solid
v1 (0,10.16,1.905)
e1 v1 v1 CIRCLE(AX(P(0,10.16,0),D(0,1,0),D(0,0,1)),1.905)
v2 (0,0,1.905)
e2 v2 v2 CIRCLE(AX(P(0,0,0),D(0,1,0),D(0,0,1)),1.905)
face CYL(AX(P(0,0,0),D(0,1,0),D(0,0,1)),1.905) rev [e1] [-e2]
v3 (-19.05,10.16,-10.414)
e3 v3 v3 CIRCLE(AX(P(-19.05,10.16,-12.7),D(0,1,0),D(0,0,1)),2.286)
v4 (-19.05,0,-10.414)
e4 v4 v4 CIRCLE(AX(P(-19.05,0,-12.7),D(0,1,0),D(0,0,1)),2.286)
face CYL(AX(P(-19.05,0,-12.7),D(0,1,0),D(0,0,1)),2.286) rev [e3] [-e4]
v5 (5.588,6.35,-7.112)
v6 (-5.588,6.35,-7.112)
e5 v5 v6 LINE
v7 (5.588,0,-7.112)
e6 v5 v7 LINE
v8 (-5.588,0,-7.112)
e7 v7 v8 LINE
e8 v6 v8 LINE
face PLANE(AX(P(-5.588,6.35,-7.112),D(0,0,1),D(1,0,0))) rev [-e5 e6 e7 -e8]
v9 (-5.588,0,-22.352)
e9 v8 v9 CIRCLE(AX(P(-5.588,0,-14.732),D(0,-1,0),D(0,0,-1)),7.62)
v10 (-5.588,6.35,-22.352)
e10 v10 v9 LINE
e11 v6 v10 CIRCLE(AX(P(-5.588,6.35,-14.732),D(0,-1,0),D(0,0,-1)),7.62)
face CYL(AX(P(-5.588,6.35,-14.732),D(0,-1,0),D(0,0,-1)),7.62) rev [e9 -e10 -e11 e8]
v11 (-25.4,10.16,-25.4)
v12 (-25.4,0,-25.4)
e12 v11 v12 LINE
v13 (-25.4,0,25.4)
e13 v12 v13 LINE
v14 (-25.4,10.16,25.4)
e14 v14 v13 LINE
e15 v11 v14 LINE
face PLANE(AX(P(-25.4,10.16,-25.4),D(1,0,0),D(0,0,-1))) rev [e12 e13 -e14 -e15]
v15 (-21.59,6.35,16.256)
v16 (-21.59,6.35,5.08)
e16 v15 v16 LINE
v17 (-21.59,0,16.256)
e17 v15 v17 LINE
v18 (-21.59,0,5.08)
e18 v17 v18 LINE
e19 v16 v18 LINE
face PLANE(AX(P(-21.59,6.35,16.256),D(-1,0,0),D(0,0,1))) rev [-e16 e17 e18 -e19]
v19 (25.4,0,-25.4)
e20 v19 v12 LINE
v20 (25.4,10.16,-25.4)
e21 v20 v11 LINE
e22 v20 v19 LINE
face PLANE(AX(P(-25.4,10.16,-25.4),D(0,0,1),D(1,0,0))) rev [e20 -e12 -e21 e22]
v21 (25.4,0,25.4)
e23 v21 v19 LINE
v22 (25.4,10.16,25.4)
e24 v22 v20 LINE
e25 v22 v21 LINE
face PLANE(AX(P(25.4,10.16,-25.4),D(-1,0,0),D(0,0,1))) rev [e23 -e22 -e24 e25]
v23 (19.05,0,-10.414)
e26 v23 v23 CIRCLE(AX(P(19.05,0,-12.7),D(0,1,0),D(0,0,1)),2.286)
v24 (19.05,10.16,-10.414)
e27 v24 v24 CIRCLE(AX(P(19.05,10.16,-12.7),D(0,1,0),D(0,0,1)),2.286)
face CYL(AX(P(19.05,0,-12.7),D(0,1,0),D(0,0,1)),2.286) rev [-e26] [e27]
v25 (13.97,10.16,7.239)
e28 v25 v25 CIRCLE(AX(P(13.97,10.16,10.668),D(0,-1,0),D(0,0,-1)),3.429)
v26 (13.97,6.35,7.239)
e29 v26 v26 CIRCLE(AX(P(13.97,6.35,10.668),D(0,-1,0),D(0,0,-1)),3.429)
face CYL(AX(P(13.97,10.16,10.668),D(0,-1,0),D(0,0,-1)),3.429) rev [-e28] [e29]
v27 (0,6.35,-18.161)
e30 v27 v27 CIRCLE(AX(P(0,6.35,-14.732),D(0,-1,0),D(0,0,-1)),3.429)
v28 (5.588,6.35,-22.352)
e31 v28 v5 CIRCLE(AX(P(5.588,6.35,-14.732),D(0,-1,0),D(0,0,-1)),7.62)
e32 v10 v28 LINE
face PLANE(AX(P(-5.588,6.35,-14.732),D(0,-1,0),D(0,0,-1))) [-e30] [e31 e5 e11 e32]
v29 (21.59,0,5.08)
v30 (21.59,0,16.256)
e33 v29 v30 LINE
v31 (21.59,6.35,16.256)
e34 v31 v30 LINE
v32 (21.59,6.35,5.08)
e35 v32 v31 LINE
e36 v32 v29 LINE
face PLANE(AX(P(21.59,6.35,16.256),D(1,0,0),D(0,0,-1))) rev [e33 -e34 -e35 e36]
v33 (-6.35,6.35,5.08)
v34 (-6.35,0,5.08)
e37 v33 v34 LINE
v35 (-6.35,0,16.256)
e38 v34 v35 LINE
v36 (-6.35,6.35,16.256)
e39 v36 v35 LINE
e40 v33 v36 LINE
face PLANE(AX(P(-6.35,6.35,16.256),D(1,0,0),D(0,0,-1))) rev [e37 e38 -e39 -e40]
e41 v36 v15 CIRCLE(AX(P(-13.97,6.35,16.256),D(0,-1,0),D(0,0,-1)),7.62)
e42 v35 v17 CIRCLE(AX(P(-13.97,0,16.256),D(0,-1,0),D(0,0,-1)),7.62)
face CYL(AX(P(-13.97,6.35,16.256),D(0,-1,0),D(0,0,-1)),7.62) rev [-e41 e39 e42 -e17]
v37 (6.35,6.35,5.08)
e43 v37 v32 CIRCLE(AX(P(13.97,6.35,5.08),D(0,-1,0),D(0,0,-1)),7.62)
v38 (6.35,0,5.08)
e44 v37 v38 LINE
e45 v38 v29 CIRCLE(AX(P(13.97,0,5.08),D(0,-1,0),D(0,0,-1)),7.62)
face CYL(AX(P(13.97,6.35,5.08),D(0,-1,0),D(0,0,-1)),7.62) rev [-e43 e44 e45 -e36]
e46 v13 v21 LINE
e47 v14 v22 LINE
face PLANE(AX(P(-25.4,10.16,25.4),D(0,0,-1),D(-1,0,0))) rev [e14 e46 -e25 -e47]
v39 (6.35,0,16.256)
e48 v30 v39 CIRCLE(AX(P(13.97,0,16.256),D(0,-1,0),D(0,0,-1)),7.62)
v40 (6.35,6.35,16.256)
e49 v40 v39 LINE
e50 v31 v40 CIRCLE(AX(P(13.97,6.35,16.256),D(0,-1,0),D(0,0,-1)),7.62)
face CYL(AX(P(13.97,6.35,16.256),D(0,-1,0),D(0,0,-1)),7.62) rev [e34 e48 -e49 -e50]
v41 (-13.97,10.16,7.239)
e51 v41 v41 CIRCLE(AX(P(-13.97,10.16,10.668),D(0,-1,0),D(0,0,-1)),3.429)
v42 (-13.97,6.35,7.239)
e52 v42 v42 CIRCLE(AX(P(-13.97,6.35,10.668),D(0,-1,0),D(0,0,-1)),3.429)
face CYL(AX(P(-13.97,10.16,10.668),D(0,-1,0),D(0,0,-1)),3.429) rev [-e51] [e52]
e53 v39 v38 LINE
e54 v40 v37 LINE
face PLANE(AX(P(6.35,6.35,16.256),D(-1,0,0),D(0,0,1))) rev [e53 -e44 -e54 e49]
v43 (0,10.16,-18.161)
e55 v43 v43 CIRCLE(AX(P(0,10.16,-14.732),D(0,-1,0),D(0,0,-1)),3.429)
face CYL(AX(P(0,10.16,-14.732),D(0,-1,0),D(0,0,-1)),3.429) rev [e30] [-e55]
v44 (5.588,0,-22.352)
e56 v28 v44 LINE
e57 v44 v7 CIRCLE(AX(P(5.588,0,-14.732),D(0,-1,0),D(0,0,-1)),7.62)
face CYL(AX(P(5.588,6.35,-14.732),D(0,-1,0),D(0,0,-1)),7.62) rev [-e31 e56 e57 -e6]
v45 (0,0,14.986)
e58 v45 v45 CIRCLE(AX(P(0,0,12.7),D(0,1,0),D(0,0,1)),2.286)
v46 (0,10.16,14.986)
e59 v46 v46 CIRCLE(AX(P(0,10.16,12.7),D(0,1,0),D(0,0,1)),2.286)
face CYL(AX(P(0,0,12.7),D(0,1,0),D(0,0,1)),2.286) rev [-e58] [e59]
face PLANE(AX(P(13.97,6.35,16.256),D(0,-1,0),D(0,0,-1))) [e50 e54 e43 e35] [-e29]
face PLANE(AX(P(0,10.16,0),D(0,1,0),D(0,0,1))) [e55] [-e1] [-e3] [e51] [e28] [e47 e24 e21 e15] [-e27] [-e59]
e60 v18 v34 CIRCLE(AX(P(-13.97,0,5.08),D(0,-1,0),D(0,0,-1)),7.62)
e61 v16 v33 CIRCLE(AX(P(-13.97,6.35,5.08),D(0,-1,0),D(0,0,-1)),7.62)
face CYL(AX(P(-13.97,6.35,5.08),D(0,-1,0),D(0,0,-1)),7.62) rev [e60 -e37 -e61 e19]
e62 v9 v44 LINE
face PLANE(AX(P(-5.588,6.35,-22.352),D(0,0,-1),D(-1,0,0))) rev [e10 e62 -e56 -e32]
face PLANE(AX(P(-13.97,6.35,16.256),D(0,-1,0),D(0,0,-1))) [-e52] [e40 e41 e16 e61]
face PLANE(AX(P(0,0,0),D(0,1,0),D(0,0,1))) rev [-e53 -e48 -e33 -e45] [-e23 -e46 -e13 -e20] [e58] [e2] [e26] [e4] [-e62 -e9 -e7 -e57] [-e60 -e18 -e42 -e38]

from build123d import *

# Parameters (mm, degrees)
SKETCH1_W           = 50.8
SKETCH1_H           = 50.8
BOSS_EXTRUDE1_DEPTH = 10.16
SKETCH2_R           = 2.286
CUT_EXTRUDE1_DEPTH  = 38.33022368
SKETCH3_R           = 3.429
CUT_EXTRUDE2_DEPTH  = 6.35
SKETCH4_R           = 3.429
CUT_EXTRUDE3_DEPTH  = 38.33022368
SKETCH5_R           = 1.905
CUT_EXTRUDE5_DEPTH  = 38.33022368


with BuildPart() as part:
    # Sketch1 → Boss-Extrude1 (new body)
    with BuildSketch(Plane(origin=(0, 0, 0), x_dir=(1, 0, 0), z_dir=(0, 1, 0))):
        Rectangle(SKETCH1_W, SKETCH1_H)
    extrude(amount=BOSS_EXTRUDE1_DEPTH)

    # Sketch2 → Cut-Extrude1 (cut, through all)
    with BuildSketch(Plane(origin=(0, 10.16, 0), x_dir=(1, 0, 0), z_dir=(0, 1, 0))):
        with Locations(Location((-19.05, 12.7, 0), (0, 0, 270))):
            Circle(SKETCH2_R)
        with Locations(Location((19.05, 12.7, 0), (0, 0, 270))):
            Circle(SKETCH2_R)
        with Locations(Location((0, -12.7, 0), (0, 0, 270))):
            Circle(SKETCH2_R)
    extrude(amount=-CUT_EXTRUDE1_DEPTH, mode=Mode.SUBTRACT)

    # Sketch3 → Cut-Extrude2 (cut)
    # profile 1 of 3: a face of its own
    with BuildSketch(Plane.XZ):
        with BuildLine():
            Line((-6.35, 16.256), (-6.35, 5.08))
            ThreePointArc((-6.35, 5.08), (-13.97, -2.54), (-21.59, 5.08))
            Line((-21.59, 5.08), (-21.59, 16.256))
            ThreePointArc((-21.59, 16.256), (-13.97, 23.876), (-6.35, 16.256))
        make_face()
        with Locations(Location((-13.97, 10.668, 0), (0, 0, 270))):
            Circle(SKETCH3_R, mode=Mode.SUBTRACT)
    # profile 2 of 3: a face of its own
    with BuildSketch(Plane.XZ):
        with BuildLine():
            Line((21.59, 16.256), (21.59, 5.08))
            ThreePointArc((21.59, 5.08), (13.97, -2.54), (6.35, 5.08))
            Line((6.35, 5.08), (6.35, 16.256))
            ThreePointArc((6.35, 16.256), (13.97, 23.876), (21.59, 16.256))
        make_face()
        with Locations(Location((13.97, 10.668, 0), (0, 0, 270))):
            Circle(SKETCH3_R, mode=Mode.SUBTRACT)
    # profile 3 of 3: a face of its own
    with BuildSketch(Plane.XZ):
        with BuildLine():
            Line((-5.588, -7.112), (5.588, -7.112))
            ThreePointArc((5.588, -7.112), (13.208, -14.732), (5.588, -22.352))
            Line((5.588, -22.352), (-5.588, -22.352))
            ThreePointArc((-5.588, -22.352), (-13.208, -14.732), (-5.588, -7.112))
        make_face()
        with Locations(Location((0, -14.732, 0), (0, 0, 270))):
            Circle(SKETCH3_R, mode=Mode.SUBTRACT)
    extrude(amount=-CUT_EXTRUDE2_DEPTH, mode=Mode.SUBTRACT)

    # Sketch4 → Cut-Extrude3 (cut, through all)
    with BuildSketch(Plane(origin=(0, 0, 0), x_dir=(-1, 0, 0), z_dir=(0, -1, 0))):
        with Locations(Location((13.97, -10.668, 0), (0, 0, 90))):
            Circle(SKETCH4_R)
        with Locations(Location((-13.97, -10.668, 0), (0, 0, 90))):
            Circle(SKETCH4_R)
        with Locations(Location((0, 14.732, 0), (0, 0, 90))):
            Circle(SKETCH4_R)
    extrude(amount=-CUT_EXTRUDE3_DEPTH, mode=Mode.SUBTRACT)

    # Sketch5 → Cut-Extrude5 (cut, through all)
    with BuildSketch(Plane(origin=(0, 10.16, 0), x_dir=(1, 0, 0), z_dir=(0, 1, 0))):
        with Locations(Location((0, 0, 0), (0, 0, 270))):
            Circle(SKETCH5_R)
    extrude(amount=-CUT_EXTRUDE5_DEPTH, mode=Mode.SUBTRACT)


solid = part.part
